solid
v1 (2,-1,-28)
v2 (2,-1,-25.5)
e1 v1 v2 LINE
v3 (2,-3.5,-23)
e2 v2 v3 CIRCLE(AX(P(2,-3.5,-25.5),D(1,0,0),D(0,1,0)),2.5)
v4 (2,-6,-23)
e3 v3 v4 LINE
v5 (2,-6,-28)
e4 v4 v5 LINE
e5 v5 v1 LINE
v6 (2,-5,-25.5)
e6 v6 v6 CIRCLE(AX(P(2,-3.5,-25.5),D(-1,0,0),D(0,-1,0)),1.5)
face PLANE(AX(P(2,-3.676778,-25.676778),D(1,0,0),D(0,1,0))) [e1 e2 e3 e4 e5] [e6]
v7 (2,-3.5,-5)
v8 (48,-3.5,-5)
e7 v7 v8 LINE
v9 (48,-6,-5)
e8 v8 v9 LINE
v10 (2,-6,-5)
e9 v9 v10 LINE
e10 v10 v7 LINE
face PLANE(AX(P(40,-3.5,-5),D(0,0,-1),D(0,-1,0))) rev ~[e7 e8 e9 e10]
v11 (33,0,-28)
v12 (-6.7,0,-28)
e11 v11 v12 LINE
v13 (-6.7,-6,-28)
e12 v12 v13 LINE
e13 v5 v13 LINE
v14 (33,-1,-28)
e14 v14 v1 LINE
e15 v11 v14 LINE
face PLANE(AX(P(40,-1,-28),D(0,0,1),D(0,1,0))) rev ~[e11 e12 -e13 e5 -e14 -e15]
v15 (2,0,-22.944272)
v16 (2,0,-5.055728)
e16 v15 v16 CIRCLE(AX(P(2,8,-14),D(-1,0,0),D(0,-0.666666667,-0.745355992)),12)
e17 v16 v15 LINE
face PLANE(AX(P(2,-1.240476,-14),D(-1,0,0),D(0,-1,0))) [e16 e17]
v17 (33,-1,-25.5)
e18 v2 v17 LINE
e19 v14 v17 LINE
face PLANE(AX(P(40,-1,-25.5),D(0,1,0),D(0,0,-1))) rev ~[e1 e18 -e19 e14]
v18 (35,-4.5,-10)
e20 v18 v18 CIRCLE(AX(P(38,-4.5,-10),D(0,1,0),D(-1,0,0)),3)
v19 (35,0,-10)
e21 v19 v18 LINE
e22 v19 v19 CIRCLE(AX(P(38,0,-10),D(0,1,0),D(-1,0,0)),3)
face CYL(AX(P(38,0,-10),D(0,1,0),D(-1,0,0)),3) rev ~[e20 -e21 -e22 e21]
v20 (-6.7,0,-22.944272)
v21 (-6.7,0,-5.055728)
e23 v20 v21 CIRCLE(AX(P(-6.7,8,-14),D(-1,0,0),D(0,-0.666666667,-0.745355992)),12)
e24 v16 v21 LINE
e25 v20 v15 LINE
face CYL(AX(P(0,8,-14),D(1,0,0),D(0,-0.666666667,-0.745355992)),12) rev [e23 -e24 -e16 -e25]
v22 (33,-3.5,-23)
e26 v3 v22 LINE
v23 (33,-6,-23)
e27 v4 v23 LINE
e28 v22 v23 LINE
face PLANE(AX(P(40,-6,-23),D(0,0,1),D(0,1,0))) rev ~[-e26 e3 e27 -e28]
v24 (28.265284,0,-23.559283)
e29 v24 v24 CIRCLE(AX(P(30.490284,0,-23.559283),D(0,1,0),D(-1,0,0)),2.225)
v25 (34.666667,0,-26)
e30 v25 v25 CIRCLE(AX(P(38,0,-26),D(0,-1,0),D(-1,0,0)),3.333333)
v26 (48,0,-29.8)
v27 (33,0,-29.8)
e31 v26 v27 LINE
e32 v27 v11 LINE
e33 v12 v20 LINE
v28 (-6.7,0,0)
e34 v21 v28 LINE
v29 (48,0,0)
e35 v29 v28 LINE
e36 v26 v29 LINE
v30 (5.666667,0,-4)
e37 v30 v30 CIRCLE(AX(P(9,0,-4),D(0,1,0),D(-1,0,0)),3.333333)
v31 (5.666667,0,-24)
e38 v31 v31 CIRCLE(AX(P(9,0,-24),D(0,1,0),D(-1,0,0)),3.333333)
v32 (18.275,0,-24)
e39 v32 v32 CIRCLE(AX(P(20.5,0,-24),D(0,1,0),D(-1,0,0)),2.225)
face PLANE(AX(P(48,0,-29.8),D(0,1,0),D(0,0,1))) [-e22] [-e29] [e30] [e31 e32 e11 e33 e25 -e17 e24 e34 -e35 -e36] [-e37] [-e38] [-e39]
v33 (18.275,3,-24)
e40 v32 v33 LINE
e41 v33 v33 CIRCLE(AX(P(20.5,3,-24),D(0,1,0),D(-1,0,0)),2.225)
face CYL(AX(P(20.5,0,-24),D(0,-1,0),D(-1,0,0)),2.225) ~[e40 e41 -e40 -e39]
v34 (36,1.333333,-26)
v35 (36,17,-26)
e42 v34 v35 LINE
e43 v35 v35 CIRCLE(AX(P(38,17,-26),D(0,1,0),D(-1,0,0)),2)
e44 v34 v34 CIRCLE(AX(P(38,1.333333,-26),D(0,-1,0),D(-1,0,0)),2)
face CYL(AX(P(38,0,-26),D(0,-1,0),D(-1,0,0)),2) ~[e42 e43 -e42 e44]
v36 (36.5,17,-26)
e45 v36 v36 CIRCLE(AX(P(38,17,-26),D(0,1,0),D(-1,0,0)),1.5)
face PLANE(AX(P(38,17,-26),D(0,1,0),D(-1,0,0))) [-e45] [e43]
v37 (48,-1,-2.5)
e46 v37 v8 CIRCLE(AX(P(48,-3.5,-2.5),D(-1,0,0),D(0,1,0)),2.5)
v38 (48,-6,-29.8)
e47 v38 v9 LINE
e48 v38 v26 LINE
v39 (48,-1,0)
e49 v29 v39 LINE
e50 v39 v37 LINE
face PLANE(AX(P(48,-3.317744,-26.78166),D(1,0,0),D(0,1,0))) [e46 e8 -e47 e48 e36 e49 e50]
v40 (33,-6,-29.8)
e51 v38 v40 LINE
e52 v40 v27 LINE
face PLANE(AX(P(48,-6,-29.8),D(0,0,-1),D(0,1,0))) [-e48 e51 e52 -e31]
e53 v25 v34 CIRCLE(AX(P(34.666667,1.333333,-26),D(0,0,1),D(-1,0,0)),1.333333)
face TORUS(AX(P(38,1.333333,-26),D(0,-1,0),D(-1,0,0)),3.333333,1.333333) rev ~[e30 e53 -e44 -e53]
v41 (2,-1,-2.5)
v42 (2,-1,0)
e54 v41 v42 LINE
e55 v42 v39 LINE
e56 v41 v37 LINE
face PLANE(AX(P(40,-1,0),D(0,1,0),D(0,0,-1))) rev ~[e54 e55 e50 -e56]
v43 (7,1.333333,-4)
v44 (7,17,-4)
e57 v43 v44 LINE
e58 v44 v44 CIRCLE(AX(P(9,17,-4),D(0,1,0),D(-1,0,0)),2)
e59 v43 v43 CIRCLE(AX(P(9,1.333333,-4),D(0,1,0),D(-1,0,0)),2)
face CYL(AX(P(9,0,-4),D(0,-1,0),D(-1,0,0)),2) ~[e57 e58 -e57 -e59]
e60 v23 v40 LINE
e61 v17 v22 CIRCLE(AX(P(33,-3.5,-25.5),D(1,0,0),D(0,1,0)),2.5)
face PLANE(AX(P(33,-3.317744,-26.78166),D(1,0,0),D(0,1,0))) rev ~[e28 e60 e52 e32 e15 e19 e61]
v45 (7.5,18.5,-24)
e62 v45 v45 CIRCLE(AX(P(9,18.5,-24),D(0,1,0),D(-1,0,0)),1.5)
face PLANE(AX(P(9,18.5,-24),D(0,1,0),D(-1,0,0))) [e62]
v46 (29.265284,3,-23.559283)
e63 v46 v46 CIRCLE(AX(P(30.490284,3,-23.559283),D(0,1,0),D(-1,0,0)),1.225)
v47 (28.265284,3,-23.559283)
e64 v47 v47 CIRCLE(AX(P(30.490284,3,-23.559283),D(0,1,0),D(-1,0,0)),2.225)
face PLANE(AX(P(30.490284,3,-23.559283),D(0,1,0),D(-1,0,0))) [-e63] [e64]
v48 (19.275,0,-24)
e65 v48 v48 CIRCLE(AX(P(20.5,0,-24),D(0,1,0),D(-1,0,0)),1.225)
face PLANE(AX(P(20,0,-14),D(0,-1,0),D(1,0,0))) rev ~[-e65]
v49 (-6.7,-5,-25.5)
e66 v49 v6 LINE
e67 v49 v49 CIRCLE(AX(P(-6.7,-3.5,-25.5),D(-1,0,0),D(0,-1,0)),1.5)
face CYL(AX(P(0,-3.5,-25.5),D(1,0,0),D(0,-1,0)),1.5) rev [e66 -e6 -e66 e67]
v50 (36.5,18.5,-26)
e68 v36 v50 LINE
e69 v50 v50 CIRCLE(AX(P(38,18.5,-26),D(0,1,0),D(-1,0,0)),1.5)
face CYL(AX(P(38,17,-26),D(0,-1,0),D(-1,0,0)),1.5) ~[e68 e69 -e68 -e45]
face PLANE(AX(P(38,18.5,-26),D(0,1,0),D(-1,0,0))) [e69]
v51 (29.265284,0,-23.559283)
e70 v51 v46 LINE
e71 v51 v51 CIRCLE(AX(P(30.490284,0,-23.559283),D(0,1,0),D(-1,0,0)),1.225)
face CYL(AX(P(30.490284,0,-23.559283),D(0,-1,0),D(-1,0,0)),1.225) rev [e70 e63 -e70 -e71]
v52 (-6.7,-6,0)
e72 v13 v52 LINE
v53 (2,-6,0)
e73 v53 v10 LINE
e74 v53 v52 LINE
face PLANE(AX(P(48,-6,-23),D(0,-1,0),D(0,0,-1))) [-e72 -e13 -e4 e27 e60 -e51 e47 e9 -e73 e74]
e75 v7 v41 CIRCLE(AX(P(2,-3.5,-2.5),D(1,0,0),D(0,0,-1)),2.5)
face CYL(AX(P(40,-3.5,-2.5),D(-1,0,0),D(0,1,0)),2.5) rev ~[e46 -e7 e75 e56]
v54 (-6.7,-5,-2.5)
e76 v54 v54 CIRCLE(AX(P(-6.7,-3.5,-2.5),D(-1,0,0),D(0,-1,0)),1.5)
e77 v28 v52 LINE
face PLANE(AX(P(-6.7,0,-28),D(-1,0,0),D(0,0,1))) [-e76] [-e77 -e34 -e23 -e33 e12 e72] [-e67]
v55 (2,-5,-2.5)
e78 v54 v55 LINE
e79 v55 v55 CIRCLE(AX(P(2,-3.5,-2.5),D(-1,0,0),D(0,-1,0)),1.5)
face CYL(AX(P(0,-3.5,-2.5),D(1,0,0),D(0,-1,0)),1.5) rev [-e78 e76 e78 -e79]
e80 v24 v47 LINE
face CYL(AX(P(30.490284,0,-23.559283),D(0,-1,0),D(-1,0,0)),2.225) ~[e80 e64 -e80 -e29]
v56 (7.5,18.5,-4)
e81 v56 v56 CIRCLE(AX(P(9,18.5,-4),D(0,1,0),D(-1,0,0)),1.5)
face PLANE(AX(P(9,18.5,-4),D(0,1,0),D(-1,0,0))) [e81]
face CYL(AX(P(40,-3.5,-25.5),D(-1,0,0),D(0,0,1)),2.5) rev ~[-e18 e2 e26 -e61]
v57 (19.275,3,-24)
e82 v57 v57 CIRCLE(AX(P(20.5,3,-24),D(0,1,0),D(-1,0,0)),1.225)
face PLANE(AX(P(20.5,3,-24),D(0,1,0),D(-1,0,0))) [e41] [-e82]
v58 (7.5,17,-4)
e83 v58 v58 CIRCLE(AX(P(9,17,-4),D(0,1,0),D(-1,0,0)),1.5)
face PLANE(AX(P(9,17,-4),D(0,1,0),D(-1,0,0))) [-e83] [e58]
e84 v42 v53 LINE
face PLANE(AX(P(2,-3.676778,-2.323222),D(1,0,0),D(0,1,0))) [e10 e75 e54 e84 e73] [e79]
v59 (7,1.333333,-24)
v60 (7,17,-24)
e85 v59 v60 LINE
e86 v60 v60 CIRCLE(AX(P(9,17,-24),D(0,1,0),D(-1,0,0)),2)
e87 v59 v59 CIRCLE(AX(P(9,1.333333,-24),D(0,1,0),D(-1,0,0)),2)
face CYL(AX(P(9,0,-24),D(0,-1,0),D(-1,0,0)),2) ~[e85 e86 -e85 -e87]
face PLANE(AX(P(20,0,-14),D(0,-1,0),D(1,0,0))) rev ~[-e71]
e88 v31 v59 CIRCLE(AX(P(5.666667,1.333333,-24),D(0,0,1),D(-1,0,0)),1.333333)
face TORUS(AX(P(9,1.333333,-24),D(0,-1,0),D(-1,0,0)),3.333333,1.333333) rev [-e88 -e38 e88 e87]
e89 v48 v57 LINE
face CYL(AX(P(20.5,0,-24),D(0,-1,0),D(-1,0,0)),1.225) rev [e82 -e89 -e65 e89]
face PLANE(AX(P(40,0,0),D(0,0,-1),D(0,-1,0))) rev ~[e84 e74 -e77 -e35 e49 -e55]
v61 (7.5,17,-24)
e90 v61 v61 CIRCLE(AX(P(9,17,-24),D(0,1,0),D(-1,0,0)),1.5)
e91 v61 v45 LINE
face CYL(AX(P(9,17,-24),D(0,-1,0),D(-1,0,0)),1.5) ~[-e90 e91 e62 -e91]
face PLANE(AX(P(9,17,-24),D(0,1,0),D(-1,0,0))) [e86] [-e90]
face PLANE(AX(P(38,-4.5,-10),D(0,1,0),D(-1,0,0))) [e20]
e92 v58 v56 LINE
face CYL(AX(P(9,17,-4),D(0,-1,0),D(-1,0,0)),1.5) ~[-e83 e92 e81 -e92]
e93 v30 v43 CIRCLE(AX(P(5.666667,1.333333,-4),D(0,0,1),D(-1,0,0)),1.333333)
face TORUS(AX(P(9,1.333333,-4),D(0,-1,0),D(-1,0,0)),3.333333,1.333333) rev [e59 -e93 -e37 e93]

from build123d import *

# Parameters (mm, degrees)
F0_W      = 40
F0_H      = 28
F1_DEPTH  = 6
F3_DEPTH  = 38
F4_R      = 1.5
F5_DEPTH  = 2
F7_R      = 2.225
F7_R_2    = 1.225
F8_DEPTH  = 3
F9_R      = 2
F10_DEPTH = 17
F11_R     = 1.5
F12_DEPTH = 1.5
F13_DEPTH = 6.7
F15_DEPTH = 8
F16_R     = 3
F17_DEPTH = 4.5
F19_DEPTH = 15
F20_R     = 1.3333333333


with BuildPart() as f1:
    # F0 (on Front) → F1 (new body)
    with BuildSketch(Plane.XZ):
        with Locations((20, -14)):
            Rectangle(F0_W, F0_H)
    extrude(amount=F1_DEPTH)

    # F2 (on face) → F3 (cut, through all)
    with BuildSketch(Plane.YZ.offset(40)):
        with BuildLine():
            Line((-6, -23), (-6, -28))
            Line((-6, -28), (-1, -28))
            Line((-1, -28), (-1, -25.5))
            ThreePointArc((-1, -25.5), (-1.732233047, -23.732233047), (-3.5, -23))
            Line((-3.5, -23), (-6, -23))
        make_face()
        with BuildLine():
            Line((-6, 0), (-6, -5))
            Line((-6, -5), (-3.5, -5))
            ThreePointArc((-3.5, -5), (-1.732233047, -4.267766953), (-1, -2.5))
            Line((-1, -2.5), (-1, 0))
            Line((-1, 0), (-6, 0))
        make_face()
    extrude(amount=-F3_DEPTH, mode=Mode.SUBTRACT)

    # F4 (on face) → F5 (cut)
    with BuildSketch(Plane(origin=(0, 0, 0), x_dir=(0, -1, 0), z_dir=(-1, 0, 0))):
        with Locations((3.5, -25.5)):
            Circle(F4_R)
        with BuildLine():
            ThreePointArc((0, -22.94427191), (4, -14), (0, -5.05572809))
            Line((0, -5.05572809), (0, -22.94427191))
        make_face()
        with Locations((3.5, -2.5)):
            Circle(F4_R)
    extrude(amount=-F5_DEPTH, mode=Mode.SUBTRACT)

    # F7 (on face) → F8 (join)
    with BuildSketch(Plane(origin=(0, 0, 0), x_dir=(-1, 0, 0), z_dir=(0, 1, 0))):
        with Locations((-20.5, -24)):
            Circle(F7_R)
        with Locations((-20.5, -24)):
            Circle(F7_R_2, mode=Mode.SUBTRACT)
        with Locations((-30.4902837155, -23.5592832158)):
            Circle(F7_R)
        with Locations((-30.4902837155, -23.5592832158)):
            Circle(F7_R_2, mode=Mode.SUBTRACT)
    extrude(amount=F8_DEPTH)

    # F9 (on face) → F10 (join)
    with BuildSketch(Plane(origin=(0, 0, 0), x_dir=(-1, 0, 0), z_dir=(0, 1, 0))):
        with Locations((-38, -26)):
            Circle(F9_R)
        with Locations((-9, -24)):
            Circle(F9_R)
        with Locations((-9, -4)):
            Circle(F9_R)
    extrude(amount=F10_DEPTH)

    # F11 (on face) → F12 (join)
    with BuildSketch(Plane(origin=(0, 17, 0), x_dir=(-1, 0, 0), z_dir=(0, 1, 0))):
        with Locations((-38, -26)):
            Circle(F11_R)
        with Locations((-9, -24)):
            Circle(F11_R)
        with Locations((-9, -4)):
            Circle(F11_R)
    extrude(amount=F12_DEPTH)

    # F13 (add): a face of the model
    f13_faces = [f1.faces().sort_by_distance(p)[0] for p in [
        (0, -0.2863564213, -2.527864045),
    ]]
    extrude(f13_faces, amount=F13_DEPTH)

    # F14 (on face) → F15 (join)
    with BuildSketch(Plane.YZ.offset(40)):
        with BuildLine():
            Line((0, 0), (-1, 0))
            Line((-1, 0), (-1, -2.5))
            ThreePointArc((-1, -2.5), (-1.732233047, -4.267766953), (-3.5, -5))
            Line((-3.5, -5), (-6, -5))
            Line((-6, -5), (-6, -23))
            Line((-6, -23), (-3.5, -23))
            ThreePointArc((-3.5, -23), (-1.732233047, -23.732233047), (-1, -25.5))
            Line((-1, -25.5), (-1, -28))
            Line((-1, -28), (0, -28))
            Line((0, -28), (0, 0))
        make_face()
    extrude(amount=F15_DEPTH)

    # F16 (on face) → F17 (cut)
    with BuildSketch(Plane(origin=(0, 0, 0), x_dir=(-1, 0, 0), z_dir=(0, 1, 0))):
        with Locations((-38, -10)):
            Circle(F16_R)
    extrude(amount=-F17_DEPTH, mode=Mode.SUBTRACT)

    # F18 (on face) → F19 (join)
    with BuildSketch(Plane.YZ.offset(48)):
        with BuildLine():
            Line((-3.5, -23), (-6, -23))
            Line((-6, -23), (-6, -29.8))
            Line((-6, -29.8), (0, -29.8))
            Line((0, -29.8), (0, -28))
            Line((0, -28), (-1, -28))
            Line((-1, -28), (-1, -25.5))
            ThreePointArc((-1, -25.5), (-1.732233047, -23.732233047), (-3.5, -23))
        make_face()
    extrude(amount=-F19_DEPTH)

    # F20
    f20_edges = [f1.edges().sort_by_distance(p)[0] for p in [
        (40, 0, -26),
        (11, 0, -24),
        (11, 0, -4),
    ]]
    fillet(f20_edges, radius=F20_R)


solid = f1.part
